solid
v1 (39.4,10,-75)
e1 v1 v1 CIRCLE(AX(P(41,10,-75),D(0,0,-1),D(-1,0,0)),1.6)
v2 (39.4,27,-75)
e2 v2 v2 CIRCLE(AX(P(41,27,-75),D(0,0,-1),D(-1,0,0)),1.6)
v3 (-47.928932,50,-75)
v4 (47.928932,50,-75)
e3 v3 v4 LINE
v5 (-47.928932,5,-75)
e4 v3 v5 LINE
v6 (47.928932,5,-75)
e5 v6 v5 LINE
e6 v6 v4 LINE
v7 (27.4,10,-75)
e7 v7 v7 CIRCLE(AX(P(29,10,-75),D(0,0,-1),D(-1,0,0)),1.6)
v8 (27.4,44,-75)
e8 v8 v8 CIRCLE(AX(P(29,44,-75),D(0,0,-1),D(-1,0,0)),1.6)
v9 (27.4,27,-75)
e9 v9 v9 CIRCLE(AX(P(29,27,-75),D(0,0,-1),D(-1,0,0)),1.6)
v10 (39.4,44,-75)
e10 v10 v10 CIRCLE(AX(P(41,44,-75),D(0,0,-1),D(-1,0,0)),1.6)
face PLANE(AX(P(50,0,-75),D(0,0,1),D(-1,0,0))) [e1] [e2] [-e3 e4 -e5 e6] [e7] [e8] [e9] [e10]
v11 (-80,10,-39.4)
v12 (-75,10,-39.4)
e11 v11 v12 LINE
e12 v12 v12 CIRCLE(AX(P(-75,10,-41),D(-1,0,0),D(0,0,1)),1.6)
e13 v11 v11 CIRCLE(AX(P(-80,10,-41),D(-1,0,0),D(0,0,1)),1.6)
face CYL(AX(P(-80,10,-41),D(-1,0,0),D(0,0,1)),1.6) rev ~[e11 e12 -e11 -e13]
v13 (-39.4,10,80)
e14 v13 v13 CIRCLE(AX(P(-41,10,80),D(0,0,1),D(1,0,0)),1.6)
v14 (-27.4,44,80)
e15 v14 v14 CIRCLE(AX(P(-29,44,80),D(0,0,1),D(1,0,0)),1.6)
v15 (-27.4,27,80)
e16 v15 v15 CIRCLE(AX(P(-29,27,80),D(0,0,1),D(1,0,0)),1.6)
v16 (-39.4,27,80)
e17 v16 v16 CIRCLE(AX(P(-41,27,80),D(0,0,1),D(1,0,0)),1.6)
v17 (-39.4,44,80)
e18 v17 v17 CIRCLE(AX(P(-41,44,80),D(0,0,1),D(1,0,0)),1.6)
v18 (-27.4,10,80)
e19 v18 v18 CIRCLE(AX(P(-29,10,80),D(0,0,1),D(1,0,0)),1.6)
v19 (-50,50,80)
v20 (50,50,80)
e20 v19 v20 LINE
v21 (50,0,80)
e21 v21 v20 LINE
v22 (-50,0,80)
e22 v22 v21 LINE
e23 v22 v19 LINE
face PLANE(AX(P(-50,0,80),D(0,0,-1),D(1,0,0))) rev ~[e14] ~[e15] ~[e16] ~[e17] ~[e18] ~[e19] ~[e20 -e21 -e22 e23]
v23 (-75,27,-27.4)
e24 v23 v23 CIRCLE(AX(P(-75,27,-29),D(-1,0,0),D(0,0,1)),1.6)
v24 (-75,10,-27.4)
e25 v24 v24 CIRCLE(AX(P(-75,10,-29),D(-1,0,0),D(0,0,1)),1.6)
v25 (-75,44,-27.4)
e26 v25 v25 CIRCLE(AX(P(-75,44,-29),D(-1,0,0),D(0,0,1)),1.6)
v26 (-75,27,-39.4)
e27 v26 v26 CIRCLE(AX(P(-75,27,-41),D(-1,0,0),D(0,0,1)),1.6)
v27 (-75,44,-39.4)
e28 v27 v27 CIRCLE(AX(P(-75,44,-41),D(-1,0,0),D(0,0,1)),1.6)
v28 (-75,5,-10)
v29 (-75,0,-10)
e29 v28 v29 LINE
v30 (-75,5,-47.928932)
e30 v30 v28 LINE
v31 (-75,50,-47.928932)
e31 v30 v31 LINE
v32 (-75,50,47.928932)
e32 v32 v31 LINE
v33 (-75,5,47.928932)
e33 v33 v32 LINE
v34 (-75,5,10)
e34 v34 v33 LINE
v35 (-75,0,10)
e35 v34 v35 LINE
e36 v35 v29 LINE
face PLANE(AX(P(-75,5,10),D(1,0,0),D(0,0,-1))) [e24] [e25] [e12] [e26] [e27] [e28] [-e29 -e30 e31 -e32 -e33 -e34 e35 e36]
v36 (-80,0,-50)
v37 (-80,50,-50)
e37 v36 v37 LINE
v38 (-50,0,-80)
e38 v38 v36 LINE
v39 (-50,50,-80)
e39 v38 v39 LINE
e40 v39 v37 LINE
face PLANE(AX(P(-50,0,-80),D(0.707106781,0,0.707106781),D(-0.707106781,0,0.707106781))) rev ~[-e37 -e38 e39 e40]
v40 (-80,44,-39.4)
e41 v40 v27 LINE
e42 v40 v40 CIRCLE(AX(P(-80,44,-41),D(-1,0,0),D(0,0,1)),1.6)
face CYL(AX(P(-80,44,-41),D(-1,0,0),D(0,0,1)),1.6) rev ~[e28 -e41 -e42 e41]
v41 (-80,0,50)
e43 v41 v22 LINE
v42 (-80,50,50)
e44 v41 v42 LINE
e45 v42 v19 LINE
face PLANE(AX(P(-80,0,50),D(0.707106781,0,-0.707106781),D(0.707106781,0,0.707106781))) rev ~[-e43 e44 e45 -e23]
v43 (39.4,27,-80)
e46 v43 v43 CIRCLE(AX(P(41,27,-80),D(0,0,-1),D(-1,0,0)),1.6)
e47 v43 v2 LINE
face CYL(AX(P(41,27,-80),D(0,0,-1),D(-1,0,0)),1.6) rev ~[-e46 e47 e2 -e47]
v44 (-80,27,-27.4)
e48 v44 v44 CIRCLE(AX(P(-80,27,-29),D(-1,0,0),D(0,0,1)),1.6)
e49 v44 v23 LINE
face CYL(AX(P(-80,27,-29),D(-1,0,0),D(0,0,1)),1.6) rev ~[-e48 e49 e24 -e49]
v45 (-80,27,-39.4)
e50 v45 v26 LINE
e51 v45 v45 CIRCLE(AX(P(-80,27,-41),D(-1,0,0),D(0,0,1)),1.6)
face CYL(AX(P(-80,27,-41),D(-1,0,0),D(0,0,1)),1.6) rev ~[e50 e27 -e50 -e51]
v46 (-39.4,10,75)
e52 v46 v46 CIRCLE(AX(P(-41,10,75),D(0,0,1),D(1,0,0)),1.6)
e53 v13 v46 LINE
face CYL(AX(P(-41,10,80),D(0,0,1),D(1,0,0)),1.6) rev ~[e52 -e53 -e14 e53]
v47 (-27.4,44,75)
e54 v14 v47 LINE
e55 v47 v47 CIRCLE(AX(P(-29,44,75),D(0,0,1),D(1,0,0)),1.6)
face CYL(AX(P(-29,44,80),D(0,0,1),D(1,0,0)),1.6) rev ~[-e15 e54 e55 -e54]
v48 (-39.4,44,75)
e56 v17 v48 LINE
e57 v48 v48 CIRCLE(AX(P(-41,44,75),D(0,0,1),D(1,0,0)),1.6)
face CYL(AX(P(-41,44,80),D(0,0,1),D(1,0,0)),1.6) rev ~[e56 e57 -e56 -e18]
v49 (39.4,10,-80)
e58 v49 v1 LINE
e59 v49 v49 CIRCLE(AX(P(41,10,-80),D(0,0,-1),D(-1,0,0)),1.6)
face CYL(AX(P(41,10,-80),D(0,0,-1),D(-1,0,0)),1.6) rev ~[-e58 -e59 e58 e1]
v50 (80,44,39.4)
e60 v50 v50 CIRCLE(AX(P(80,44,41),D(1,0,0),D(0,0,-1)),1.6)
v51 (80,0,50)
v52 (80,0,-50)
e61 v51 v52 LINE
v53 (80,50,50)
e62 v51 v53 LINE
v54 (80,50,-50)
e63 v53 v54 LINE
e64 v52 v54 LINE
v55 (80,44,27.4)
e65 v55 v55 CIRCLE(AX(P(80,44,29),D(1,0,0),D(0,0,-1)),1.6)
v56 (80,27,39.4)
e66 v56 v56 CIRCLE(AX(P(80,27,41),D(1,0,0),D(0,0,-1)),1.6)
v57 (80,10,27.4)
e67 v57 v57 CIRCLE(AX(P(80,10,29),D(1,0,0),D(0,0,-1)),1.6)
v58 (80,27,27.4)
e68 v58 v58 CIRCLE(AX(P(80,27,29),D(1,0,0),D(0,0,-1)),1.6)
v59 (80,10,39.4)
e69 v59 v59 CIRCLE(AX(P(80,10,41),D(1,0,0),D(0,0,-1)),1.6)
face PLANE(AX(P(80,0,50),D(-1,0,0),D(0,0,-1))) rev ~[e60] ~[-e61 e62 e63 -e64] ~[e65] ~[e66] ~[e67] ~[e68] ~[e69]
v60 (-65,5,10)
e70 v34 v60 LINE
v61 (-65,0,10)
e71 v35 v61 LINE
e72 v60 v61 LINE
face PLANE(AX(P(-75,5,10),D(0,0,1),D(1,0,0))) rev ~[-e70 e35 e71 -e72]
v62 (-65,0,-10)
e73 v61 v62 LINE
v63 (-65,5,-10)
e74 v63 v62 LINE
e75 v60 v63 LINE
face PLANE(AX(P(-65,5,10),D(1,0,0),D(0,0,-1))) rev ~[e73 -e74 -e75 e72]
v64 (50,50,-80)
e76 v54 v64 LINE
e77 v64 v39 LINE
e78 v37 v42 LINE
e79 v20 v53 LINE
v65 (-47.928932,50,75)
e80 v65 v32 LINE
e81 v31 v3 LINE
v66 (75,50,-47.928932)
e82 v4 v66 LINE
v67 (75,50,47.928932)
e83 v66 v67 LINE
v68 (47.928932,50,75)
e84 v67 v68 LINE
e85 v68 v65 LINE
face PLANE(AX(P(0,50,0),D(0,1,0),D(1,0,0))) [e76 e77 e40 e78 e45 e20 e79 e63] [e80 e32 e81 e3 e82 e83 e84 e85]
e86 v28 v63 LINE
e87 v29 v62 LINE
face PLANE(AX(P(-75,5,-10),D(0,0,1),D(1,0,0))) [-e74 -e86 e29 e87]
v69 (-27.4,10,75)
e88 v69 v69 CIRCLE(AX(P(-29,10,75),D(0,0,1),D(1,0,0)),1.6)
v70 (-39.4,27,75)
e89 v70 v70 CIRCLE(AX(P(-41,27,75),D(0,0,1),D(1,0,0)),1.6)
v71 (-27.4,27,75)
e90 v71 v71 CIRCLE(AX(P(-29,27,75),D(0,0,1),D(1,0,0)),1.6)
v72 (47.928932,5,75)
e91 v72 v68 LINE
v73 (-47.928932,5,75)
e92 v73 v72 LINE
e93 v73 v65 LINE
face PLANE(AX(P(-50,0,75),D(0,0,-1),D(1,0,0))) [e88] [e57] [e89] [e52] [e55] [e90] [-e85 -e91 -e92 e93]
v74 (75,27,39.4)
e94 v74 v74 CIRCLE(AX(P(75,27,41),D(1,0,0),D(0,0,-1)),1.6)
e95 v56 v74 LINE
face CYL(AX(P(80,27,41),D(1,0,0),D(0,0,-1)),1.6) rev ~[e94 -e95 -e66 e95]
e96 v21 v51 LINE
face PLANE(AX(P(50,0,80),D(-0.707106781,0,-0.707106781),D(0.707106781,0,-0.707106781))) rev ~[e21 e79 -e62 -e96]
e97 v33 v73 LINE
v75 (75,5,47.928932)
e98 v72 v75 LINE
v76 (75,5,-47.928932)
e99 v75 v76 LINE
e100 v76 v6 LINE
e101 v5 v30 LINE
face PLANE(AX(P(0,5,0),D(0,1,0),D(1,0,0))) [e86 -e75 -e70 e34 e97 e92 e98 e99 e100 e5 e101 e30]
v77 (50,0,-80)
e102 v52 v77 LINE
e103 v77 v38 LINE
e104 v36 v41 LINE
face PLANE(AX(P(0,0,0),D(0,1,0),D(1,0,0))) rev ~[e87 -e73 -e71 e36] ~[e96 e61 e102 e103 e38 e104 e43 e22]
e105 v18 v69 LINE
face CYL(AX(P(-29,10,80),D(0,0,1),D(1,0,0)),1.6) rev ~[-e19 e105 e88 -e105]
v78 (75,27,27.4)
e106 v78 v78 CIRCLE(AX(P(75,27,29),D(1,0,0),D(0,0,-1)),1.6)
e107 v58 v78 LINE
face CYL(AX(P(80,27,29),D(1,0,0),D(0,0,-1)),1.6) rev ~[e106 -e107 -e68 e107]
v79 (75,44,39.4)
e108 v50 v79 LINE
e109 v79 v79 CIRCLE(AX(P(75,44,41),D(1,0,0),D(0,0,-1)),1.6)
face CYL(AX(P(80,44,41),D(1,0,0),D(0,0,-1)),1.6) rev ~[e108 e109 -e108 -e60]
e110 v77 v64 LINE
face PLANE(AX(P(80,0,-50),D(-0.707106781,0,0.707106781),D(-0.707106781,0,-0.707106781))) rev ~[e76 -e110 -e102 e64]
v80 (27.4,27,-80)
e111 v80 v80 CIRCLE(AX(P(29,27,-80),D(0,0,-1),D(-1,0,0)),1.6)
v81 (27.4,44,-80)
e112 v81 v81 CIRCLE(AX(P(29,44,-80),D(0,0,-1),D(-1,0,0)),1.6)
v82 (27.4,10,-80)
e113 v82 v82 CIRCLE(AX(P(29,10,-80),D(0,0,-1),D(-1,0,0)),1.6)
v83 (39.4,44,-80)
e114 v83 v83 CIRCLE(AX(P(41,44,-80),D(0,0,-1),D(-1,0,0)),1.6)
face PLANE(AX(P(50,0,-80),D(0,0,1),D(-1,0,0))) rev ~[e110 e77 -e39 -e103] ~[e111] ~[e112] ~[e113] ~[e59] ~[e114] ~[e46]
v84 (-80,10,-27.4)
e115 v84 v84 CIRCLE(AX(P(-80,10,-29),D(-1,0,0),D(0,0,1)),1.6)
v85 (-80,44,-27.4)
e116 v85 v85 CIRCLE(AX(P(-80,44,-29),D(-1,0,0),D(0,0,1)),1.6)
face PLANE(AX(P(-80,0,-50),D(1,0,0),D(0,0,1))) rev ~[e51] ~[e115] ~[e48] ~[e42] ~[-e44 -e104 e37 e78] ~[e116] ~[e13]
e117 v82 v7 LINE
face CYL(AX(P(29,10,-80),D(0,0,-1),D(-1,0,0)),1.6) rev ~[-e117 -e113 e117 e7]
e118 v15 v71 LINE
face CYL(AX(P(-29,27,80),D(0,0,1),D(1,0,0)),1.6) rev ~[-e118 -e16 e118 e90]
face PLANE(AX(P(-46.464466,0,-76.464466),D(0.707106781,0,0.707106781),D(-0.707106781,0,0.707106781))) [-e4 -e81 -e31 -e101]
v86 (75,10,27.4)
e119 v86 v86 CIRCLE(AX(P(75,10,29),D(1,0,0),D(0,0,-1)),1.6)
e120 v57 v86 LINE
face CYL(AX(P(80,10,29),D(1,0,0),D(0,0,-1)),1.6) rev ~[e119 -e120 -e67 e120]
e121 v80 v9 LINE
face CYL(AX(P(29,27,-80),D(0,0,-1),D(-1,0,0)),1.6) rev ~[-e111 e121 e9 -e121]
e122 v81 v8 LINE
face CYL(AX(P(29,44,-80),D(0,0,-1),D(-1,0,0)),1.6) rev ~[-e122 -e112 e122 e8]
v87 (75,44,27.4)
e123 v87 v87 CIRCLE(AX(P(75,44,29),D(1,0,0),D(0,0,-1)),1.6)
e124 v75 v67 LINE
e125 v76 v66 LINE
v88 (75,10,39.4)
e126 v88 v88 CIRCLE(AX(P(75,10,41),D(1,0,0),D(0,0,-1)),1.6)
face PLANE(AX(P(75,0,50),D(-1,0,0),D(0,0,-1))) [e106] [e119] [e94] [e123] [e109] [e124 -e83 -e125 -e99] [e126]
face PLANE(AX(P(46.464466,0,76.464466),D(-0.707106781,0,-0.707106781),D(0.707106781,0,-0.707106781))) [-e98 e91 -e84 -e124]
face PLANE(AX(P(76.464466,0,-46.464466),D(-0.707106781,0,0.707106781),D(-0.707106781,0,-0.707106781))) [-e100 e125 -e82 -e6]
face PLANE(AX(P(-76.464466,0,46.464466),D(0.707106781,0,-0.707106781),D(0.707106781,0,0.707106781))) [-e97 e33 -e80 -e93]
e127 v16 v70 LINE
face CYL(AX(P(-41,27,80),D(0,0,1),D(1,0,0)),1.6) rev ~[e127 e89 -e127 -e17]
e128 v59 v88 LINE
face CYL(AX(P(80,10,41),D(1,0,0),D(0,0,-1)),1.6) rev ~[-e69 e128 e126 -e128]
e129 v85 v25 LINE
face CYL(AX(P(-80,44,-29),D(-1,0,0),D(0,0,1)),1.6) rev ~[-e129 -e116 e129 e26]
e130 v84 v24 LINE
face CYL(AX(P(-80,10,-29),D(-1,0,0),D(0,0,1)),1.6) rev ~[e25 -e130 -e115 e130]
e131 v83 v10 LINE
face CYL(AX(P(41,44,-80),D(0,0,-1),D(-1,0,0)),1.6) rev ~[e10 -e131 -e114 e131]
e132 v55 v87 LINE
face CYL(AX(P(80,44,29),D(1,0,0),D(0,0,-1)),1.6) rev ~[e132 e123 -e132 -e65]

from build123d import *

# Parameters (mm, degrees)
BOSS_EXTRUDE1_DEPTH = 50
SHELL1_T            = -5
SKETCH5_W           = 10
SKETCH5_H           = 20
CUT_EXTRUDE1_DEPTH  = 5
SKETCH6_R           = 1.6
CUT_EXTRUDE2_DEPTH  = 5
CIRPATTERN1_COUNT   = 4


with BuildPart() as part:
    # Sketch1 → Boss-Extrude1 (new body)
    with BuildSketch(Plane(origin=(0, 0, 0), x_dir=(1, 0, 0), z_dir=(0, 1, 0))):
        Polygon((-50, 80), (-80, 50), (-80, -50), (-50, -80), (50, -80), (80, -50), (80, 50), (50, 80), align=None)
    extrude(amount=BOSS_EXTRUDE1_DEPTH)

    # Shell1
    shell1_openings = [part.faces().sort_by_distance(p)[0] for p in [
        (0, 50, 0),
    ]]
    offset(amount=SHELL1_T, openings=shell1_openings, kind=Kind.INTERSECTION)

    # Sketch5 → Cut-Extrude1 (cut)
    with BuildSketch(Plane(origin=(0, 5, 0), x_dir=(1, 0, 0), z_dir=(0, 1, 0))):
        with Locations((-70, 0)):
            Rectangle(SKETCH5_W, SKETCH5_H)
    extrude(amount=-CUT_EXTRUDE1_DEPTH, mode=Mode.SUBTRACT)

    # Sketch6 → Cut-Extrude2 (cut)
    with BuildSketch(Plane.XY.offset(80)):
        with Locations((-29, 10)):
            Circle(SKETCH6_R)
        with Locations((-41, 10)):
            Circle(SKETCH6_R)
        with Locations((-29, 27)):
            Circle(SKETCH6_R)
        with Locations((-41, 27)):
            Circle(SKETCH6_R)
        with Locations((-29, 44)):
            Circle(SKETCH6_R)
        with Locations((-41, 44)):
            Circle(SKETCH6_R)
    cut_extrude2 = extrude(amount=-CUT_EXTRUDE2_DEPTH, mode=Mode.SUBTRACT)

    # CirPattern1: Cut-Extrude2 ×4 about axis
    cirpattern1_axis = Axis((0, 52.5, 0), (0, -1, 0))
    for i in range(1, CIRPATTERN1_COUNT):
        add(cut_extrude2.rotate(cirpattern1_axis, i * 360 / CIRPATTERN1_COUNT), mode=Mode.SUBTRACT)


solid = part.part
